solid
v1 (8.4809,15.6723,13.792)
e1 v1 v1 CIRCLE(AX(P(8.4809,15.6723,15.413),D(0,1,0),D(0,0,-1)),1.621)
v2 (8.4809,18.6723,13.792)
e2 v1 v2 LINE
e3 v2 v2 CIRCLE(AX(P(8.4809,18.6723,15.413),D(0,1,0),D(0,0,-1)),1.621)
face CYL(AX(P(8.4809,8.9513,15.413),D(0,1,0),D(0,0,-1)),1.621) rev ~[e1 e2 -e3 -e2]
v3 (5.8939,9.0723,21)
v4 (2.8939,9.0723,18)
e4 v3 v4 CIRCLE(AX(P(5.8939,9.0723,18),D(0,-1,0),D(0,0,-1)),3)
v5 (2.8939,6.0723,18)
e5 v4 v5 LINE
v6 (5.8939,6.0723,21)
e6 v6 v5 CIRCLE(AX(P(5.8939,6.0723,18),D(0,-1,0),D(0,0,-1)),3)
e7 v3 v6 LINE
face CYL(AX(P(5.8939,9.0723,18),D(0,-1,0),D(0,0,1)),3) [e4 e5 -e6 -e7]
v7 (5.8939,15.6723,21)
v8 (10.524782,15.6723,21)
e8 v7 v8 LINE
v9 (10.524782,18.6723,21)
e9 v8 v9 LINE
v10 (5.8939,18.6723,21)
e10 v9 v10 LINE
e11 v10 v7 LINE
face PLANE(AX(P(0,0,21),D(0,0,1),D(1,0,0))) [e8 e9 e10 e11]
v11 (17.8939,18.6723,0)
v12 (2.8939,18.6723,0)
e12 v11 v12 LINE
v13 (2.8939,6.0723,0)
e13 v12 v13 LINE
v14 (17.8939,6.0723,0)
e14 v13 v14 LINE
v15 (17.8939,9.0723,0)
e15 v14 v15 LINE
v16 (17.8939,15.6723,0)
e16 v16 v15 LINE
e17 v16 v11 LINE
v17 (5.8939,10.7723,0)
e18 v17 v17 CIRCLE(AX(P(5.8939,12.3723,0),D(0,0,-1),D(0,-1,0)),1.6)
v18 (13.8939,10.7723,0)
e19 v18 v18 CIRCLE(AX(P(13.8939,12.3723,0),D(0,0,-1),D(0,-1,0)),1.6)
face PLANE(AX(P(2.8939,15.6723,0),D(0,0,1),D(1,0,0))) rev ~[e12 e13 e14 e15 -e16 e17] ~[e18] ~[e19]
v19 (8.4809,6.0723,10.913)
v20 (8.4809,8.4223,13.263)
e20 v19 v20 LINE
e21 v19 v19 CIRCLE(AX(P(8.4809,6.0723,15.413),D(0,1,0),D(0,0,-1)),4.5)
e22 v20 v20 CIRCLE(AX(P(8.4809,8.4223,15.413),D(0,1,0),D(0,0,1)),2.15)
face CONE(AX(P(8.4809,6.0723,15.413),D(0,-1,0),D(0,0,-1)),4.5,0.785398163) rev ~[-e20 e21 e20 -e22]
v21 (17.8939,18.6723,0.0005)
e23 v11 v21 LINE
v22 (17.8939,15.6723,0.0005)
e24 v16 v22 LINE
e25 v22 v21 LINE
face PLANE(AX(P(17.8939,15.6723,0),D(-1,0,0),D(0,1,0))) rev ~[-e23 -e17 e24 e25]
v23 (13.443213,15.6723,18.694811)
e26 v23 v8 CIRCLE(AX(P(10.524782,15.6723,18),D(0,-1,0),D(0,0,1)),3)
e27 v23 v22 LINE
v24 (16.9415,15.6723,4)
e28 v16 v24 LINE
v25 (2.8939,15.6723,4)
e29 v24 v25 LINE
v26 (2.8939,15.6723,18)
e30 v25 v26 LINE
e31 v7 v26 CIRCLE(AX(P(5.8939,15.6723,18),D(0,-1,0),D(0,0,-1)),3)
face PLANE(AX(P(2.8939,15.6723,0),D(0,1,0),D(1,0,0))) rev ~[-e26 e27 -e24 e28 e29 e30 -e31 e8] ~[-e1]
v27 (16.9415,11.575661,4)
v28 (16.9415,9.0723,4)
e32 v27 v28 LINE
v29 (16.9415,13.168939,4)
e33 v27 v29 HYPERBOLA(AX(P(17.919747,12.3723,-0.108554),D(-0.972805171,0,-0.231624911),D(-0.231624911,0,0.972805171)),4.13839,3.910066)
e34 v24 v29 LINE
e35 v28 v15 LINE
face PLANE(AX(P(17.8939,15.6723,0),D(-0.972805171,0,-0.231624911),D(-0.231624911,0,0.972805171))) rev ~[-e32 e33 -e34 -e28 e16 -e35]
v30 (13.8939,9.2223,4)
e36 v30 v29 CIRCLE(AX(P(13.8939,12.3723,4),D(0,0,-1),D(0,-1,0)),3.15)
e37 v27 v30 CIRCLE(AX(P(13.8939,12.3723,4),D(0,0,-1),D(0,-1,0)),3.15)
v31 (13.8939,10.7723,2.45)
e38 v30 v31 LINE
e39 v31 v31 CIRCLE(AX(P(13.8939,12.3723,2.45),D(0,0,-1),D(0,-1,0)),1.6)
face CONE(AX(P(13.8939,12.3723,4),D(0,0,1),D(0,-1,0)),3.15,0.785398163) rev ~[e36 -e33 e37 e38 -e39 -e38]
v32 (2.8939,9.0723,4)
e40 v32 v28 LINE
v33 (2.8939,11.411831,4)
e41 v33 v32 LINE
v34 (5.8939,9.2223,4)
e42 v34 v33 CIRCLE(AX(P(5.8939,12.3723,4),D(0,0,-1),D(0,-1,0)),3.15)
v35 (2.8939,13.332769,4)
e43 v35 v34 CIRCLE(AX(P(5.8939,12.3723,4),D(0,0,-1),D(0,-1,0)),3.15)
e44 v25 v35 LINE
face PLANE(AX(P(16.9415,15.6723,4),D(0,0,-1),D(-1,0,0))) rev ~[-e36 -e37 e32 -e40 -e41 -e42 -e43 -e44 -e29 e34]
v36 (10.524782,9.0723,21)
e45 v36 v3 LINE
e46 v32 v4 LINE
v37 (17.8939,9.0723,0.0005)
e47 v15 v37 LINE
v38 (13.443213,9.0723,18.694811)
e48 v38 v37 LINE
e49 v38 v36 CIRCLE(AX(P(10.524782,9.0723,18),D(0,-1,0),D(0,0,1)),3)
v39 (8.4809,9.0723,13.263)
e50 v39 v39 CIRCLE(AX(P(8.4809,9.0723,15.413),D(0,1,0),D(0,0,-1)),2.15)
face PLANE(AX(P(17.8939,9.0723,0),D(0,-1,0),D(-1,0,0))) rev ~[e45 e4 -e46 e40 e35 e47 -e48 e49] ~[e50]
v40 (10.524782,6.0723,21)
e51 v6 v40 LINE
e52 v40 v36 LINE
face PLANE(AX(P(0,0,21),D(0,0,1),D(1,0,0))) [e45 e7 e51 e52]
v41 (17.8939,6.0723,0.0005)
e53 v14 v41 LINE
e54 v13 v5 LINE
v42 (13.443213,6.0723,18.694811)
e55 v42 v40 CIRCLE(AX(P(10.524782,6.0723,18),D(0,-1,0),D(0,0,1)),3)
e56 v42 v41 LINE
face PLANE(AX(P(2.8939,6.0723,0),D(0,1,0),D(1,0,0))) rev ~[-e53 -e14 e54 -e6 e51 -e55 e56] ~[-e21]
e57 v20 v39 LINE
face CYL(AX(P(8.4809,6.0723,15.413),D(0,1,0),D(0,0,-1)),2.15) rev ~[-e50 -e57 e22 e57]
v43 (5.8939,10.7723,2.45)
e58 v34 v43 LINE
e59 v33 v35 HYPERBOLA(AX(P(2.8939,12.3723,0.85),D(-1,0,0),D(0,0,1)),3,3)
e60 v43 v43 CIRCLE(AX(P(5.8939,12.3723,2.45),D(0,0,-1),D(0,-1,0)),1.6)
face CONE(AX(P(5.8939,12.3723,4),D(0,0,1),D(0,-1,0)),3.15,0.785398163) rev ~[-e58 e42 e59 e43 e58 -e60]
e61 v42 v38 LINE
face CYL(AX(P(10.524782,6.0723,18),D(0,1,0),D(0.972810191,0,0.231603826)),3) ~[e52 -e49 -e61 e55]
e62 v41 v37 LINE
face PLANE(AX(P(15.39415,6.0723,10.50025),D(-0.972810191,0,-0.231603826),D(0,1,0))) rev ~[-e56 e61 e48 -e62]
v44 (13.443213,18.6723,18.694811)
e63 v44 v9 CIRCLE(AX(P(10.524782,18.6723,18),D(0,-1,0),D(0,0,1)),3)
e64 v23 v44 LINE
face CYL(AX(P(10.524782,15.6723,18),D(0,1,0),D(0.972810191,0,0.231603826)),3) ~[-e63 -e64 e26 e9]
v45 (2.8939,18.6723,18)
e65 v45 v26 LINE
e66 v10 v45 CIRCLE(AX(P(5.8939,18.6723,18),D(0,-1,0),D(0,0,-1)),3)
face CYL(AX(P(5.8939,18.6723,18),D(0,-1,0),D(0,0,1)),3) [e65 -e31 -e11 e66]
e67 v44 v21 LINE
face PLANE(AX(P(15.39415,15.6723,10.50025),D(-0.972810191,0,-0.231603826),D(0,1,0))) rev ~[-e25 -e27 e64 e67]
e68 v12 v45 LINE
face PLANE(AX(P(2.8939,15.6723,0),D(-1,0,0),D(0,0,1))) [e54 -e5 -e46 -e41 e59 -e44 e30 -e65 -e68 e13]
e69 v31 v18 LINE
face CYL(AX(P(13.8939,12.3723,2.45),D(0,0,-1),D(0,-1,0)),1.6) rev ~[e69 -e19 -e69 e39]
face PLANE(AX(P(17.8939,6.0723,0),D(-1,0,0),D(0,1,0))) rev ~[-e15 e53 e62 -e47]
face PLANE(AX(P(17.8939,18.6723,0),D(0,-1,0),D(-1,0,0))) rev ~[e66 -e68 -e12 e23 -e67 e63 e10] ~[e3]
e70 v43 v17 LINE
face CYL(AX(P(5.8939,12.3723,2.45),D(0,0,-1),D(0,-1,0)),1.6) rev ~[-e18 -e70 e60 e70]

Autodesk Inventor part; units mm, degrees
ref_plane "YZ Plane" through (0, 0, 0) normal (1, 0, 0) x (0, 1, 0)
ref_plane "XZ Plane" through (0, 0, 0) normal (0, 1, 0) x (-1, 0, 0)
ref_plane "XY Plane" through (0, 0, 0) normal (0, 0, 1) x (1, 0, 0)
sketch "Skizze1" plane through (0, 0, 0) normal (0, 0, 1) x (1, 0, 0)
  line L0 (17.8939, 18.6723) -> (2.8939, 18.6723)
  line L1 (2.8939, 18.6723) -> (2.8939, 15.6723)
  line L2 (2.8939, 15.6723) -> (17.8939, 15.6723)
  line L3 (17.8939, 15.6723) -> (17.8939, 18.6723)
  line L4 (17.8939, 9.0723) -> (2.8939, 9.0723)
  line L5 (2.8939, 9.0723) -> (2.8939, 6.0723)
  line L6 (2.8939, 6.0723) -> (17.8939, 6.0723)
  line L7 (17.8939, 6.0723) -> (17.8939, 9.0723)
  line L8 (17.8939, 15.6723) -> (17.8939, 12.3723) construction
  line L9 (17.8939, 12.3723) -> (17.8939, 9.0723) construction
  point P0 (0, 0)
  point P1 (10.3939, 9.0723)
  dimension "d0" = 15
  dimension "d1" = 3
  dimension "d2" = 3
  dimension "d3" = 6.6
extrude "Extrusion1" add sketch "Skizze1" along normal blind 21
chamfer "Fasen1" distance 5 distance2 21 1 edges at (17.8939, 7.5723, 21) measured on face at (7.8939, 8.0723, 21)
chamfer "Fasen2" distance 5 distance2 21 1 edges at (17.8939, 17.1723, 21) measured on face at (7.8939, 17.6723, 21)
fillet "Rundung1" radius 3 4 edges at (2.8939, 17.1723, 21) (2.8939, 7.5723, 21) (12.8944, 17.1723, 21) (12.8944, 7.5723, 21)
sketch "Skizze2" plane through (2.8939, 6.0723, 0) normal (0, -1, 0) x (1, 0, 0)
  circle A0 centre (5.587, 15.413) radius 5.587 construction
  line L0 (0, 0) -> (0, 21) construction
  line L1 (5.587, 15.413) -> (5.587, 21)
  line L2 (5.587, 15.413) -> (0, 15.413)
  line L3 (3, 21) -> (7.6304, 21) projected
  line L4 (10.5488, 18.6949) -> (15, 0) projected
  point P0 (-2.8939, 0)
  point P1 (0, 18)
hole "Bohrung1" at (8.4809, 6.0723, 15.413) direction (0, 1, 0) diameter 3.242 end through all countersink diameter 9 countersink angle 90 thread size "M4x0.7" class "6H" standard "ISO Metric profile"
sketch "Skizze3" plane through (2.8939, 15.6723, 0) normal (0, -1, 0) x (1, 0, 0)
  line L0 (0, 0) -> (15, 0) projected
  line L1 (15, 0) -> (14.0476, 4)
  line L2 (14.0476, 4) -> (0, 4)
  line L3 (0, 0) -> (0, 21) projected
  line L4 (15, 0) -> (10.5488, 18.6949) projected
  point P0 (-2.8939, 0)
  point P1 (0, 18)
  dimension "d51" = 4
extrude "Extrusion2" add sketch "Skizze3" along normal through all
sketch "Skizze4" plane through (2.8939, 15.6723, 4) normal (0, 0, 1) x (1, 0, 0)
  line L0 (7.6304, 3) -> (3, 3) construction
  line L1 (3, -3.3) -> (11, -3.3)
  line L2 (3, -3.3) -> (0, -3.3)
  line L3 (0, 0) -> (0, -6.6) projected
  line L4 (14.0476, 0) -> (14.0476, -6.6) projected
  point P0 (12, 3)
  point P1 (14.0476, -3.3)
  point P2 (14.5, 0)
  dimension "d48" = 8
  dimension "d49" = 3
  dimension "d50" = 3.0476
hole "Bohrung2" at (13.8939, 12.3723, 4) at (5.8939, 12.3723, 4) direction (0, 0, -1) diameter 3.2 end through all countersink diameter 6.3 countersink angle 90 clearance for "Flachkopfmaschinenschraube" size "M3" standard "ANSI Metrisches M Profil"
sketch "Skizze5" plane through (2.8939, 6.0723, 0) normal (0, -1, 0) x (1, 0, 0)
  circle A0 centre (5.587, 15.413) radius 4.5 projected
  point P0 (-2.8939, 0)
  point P1 (11.255, 14.9799)
  point P2 (11.9803, 12.079)
hole "Bohrung3" at (8.4809, 6.0723, 15.413) direction (0, 1, 0) diameter 4.3 depth 3 clearance for "Flachkopfmaschinenschraube" size "M4" standard "ANSI Metrisches M Profil"
properties part number "HalterUmlenkrolleH" material "Aluminium 6061(1)"
